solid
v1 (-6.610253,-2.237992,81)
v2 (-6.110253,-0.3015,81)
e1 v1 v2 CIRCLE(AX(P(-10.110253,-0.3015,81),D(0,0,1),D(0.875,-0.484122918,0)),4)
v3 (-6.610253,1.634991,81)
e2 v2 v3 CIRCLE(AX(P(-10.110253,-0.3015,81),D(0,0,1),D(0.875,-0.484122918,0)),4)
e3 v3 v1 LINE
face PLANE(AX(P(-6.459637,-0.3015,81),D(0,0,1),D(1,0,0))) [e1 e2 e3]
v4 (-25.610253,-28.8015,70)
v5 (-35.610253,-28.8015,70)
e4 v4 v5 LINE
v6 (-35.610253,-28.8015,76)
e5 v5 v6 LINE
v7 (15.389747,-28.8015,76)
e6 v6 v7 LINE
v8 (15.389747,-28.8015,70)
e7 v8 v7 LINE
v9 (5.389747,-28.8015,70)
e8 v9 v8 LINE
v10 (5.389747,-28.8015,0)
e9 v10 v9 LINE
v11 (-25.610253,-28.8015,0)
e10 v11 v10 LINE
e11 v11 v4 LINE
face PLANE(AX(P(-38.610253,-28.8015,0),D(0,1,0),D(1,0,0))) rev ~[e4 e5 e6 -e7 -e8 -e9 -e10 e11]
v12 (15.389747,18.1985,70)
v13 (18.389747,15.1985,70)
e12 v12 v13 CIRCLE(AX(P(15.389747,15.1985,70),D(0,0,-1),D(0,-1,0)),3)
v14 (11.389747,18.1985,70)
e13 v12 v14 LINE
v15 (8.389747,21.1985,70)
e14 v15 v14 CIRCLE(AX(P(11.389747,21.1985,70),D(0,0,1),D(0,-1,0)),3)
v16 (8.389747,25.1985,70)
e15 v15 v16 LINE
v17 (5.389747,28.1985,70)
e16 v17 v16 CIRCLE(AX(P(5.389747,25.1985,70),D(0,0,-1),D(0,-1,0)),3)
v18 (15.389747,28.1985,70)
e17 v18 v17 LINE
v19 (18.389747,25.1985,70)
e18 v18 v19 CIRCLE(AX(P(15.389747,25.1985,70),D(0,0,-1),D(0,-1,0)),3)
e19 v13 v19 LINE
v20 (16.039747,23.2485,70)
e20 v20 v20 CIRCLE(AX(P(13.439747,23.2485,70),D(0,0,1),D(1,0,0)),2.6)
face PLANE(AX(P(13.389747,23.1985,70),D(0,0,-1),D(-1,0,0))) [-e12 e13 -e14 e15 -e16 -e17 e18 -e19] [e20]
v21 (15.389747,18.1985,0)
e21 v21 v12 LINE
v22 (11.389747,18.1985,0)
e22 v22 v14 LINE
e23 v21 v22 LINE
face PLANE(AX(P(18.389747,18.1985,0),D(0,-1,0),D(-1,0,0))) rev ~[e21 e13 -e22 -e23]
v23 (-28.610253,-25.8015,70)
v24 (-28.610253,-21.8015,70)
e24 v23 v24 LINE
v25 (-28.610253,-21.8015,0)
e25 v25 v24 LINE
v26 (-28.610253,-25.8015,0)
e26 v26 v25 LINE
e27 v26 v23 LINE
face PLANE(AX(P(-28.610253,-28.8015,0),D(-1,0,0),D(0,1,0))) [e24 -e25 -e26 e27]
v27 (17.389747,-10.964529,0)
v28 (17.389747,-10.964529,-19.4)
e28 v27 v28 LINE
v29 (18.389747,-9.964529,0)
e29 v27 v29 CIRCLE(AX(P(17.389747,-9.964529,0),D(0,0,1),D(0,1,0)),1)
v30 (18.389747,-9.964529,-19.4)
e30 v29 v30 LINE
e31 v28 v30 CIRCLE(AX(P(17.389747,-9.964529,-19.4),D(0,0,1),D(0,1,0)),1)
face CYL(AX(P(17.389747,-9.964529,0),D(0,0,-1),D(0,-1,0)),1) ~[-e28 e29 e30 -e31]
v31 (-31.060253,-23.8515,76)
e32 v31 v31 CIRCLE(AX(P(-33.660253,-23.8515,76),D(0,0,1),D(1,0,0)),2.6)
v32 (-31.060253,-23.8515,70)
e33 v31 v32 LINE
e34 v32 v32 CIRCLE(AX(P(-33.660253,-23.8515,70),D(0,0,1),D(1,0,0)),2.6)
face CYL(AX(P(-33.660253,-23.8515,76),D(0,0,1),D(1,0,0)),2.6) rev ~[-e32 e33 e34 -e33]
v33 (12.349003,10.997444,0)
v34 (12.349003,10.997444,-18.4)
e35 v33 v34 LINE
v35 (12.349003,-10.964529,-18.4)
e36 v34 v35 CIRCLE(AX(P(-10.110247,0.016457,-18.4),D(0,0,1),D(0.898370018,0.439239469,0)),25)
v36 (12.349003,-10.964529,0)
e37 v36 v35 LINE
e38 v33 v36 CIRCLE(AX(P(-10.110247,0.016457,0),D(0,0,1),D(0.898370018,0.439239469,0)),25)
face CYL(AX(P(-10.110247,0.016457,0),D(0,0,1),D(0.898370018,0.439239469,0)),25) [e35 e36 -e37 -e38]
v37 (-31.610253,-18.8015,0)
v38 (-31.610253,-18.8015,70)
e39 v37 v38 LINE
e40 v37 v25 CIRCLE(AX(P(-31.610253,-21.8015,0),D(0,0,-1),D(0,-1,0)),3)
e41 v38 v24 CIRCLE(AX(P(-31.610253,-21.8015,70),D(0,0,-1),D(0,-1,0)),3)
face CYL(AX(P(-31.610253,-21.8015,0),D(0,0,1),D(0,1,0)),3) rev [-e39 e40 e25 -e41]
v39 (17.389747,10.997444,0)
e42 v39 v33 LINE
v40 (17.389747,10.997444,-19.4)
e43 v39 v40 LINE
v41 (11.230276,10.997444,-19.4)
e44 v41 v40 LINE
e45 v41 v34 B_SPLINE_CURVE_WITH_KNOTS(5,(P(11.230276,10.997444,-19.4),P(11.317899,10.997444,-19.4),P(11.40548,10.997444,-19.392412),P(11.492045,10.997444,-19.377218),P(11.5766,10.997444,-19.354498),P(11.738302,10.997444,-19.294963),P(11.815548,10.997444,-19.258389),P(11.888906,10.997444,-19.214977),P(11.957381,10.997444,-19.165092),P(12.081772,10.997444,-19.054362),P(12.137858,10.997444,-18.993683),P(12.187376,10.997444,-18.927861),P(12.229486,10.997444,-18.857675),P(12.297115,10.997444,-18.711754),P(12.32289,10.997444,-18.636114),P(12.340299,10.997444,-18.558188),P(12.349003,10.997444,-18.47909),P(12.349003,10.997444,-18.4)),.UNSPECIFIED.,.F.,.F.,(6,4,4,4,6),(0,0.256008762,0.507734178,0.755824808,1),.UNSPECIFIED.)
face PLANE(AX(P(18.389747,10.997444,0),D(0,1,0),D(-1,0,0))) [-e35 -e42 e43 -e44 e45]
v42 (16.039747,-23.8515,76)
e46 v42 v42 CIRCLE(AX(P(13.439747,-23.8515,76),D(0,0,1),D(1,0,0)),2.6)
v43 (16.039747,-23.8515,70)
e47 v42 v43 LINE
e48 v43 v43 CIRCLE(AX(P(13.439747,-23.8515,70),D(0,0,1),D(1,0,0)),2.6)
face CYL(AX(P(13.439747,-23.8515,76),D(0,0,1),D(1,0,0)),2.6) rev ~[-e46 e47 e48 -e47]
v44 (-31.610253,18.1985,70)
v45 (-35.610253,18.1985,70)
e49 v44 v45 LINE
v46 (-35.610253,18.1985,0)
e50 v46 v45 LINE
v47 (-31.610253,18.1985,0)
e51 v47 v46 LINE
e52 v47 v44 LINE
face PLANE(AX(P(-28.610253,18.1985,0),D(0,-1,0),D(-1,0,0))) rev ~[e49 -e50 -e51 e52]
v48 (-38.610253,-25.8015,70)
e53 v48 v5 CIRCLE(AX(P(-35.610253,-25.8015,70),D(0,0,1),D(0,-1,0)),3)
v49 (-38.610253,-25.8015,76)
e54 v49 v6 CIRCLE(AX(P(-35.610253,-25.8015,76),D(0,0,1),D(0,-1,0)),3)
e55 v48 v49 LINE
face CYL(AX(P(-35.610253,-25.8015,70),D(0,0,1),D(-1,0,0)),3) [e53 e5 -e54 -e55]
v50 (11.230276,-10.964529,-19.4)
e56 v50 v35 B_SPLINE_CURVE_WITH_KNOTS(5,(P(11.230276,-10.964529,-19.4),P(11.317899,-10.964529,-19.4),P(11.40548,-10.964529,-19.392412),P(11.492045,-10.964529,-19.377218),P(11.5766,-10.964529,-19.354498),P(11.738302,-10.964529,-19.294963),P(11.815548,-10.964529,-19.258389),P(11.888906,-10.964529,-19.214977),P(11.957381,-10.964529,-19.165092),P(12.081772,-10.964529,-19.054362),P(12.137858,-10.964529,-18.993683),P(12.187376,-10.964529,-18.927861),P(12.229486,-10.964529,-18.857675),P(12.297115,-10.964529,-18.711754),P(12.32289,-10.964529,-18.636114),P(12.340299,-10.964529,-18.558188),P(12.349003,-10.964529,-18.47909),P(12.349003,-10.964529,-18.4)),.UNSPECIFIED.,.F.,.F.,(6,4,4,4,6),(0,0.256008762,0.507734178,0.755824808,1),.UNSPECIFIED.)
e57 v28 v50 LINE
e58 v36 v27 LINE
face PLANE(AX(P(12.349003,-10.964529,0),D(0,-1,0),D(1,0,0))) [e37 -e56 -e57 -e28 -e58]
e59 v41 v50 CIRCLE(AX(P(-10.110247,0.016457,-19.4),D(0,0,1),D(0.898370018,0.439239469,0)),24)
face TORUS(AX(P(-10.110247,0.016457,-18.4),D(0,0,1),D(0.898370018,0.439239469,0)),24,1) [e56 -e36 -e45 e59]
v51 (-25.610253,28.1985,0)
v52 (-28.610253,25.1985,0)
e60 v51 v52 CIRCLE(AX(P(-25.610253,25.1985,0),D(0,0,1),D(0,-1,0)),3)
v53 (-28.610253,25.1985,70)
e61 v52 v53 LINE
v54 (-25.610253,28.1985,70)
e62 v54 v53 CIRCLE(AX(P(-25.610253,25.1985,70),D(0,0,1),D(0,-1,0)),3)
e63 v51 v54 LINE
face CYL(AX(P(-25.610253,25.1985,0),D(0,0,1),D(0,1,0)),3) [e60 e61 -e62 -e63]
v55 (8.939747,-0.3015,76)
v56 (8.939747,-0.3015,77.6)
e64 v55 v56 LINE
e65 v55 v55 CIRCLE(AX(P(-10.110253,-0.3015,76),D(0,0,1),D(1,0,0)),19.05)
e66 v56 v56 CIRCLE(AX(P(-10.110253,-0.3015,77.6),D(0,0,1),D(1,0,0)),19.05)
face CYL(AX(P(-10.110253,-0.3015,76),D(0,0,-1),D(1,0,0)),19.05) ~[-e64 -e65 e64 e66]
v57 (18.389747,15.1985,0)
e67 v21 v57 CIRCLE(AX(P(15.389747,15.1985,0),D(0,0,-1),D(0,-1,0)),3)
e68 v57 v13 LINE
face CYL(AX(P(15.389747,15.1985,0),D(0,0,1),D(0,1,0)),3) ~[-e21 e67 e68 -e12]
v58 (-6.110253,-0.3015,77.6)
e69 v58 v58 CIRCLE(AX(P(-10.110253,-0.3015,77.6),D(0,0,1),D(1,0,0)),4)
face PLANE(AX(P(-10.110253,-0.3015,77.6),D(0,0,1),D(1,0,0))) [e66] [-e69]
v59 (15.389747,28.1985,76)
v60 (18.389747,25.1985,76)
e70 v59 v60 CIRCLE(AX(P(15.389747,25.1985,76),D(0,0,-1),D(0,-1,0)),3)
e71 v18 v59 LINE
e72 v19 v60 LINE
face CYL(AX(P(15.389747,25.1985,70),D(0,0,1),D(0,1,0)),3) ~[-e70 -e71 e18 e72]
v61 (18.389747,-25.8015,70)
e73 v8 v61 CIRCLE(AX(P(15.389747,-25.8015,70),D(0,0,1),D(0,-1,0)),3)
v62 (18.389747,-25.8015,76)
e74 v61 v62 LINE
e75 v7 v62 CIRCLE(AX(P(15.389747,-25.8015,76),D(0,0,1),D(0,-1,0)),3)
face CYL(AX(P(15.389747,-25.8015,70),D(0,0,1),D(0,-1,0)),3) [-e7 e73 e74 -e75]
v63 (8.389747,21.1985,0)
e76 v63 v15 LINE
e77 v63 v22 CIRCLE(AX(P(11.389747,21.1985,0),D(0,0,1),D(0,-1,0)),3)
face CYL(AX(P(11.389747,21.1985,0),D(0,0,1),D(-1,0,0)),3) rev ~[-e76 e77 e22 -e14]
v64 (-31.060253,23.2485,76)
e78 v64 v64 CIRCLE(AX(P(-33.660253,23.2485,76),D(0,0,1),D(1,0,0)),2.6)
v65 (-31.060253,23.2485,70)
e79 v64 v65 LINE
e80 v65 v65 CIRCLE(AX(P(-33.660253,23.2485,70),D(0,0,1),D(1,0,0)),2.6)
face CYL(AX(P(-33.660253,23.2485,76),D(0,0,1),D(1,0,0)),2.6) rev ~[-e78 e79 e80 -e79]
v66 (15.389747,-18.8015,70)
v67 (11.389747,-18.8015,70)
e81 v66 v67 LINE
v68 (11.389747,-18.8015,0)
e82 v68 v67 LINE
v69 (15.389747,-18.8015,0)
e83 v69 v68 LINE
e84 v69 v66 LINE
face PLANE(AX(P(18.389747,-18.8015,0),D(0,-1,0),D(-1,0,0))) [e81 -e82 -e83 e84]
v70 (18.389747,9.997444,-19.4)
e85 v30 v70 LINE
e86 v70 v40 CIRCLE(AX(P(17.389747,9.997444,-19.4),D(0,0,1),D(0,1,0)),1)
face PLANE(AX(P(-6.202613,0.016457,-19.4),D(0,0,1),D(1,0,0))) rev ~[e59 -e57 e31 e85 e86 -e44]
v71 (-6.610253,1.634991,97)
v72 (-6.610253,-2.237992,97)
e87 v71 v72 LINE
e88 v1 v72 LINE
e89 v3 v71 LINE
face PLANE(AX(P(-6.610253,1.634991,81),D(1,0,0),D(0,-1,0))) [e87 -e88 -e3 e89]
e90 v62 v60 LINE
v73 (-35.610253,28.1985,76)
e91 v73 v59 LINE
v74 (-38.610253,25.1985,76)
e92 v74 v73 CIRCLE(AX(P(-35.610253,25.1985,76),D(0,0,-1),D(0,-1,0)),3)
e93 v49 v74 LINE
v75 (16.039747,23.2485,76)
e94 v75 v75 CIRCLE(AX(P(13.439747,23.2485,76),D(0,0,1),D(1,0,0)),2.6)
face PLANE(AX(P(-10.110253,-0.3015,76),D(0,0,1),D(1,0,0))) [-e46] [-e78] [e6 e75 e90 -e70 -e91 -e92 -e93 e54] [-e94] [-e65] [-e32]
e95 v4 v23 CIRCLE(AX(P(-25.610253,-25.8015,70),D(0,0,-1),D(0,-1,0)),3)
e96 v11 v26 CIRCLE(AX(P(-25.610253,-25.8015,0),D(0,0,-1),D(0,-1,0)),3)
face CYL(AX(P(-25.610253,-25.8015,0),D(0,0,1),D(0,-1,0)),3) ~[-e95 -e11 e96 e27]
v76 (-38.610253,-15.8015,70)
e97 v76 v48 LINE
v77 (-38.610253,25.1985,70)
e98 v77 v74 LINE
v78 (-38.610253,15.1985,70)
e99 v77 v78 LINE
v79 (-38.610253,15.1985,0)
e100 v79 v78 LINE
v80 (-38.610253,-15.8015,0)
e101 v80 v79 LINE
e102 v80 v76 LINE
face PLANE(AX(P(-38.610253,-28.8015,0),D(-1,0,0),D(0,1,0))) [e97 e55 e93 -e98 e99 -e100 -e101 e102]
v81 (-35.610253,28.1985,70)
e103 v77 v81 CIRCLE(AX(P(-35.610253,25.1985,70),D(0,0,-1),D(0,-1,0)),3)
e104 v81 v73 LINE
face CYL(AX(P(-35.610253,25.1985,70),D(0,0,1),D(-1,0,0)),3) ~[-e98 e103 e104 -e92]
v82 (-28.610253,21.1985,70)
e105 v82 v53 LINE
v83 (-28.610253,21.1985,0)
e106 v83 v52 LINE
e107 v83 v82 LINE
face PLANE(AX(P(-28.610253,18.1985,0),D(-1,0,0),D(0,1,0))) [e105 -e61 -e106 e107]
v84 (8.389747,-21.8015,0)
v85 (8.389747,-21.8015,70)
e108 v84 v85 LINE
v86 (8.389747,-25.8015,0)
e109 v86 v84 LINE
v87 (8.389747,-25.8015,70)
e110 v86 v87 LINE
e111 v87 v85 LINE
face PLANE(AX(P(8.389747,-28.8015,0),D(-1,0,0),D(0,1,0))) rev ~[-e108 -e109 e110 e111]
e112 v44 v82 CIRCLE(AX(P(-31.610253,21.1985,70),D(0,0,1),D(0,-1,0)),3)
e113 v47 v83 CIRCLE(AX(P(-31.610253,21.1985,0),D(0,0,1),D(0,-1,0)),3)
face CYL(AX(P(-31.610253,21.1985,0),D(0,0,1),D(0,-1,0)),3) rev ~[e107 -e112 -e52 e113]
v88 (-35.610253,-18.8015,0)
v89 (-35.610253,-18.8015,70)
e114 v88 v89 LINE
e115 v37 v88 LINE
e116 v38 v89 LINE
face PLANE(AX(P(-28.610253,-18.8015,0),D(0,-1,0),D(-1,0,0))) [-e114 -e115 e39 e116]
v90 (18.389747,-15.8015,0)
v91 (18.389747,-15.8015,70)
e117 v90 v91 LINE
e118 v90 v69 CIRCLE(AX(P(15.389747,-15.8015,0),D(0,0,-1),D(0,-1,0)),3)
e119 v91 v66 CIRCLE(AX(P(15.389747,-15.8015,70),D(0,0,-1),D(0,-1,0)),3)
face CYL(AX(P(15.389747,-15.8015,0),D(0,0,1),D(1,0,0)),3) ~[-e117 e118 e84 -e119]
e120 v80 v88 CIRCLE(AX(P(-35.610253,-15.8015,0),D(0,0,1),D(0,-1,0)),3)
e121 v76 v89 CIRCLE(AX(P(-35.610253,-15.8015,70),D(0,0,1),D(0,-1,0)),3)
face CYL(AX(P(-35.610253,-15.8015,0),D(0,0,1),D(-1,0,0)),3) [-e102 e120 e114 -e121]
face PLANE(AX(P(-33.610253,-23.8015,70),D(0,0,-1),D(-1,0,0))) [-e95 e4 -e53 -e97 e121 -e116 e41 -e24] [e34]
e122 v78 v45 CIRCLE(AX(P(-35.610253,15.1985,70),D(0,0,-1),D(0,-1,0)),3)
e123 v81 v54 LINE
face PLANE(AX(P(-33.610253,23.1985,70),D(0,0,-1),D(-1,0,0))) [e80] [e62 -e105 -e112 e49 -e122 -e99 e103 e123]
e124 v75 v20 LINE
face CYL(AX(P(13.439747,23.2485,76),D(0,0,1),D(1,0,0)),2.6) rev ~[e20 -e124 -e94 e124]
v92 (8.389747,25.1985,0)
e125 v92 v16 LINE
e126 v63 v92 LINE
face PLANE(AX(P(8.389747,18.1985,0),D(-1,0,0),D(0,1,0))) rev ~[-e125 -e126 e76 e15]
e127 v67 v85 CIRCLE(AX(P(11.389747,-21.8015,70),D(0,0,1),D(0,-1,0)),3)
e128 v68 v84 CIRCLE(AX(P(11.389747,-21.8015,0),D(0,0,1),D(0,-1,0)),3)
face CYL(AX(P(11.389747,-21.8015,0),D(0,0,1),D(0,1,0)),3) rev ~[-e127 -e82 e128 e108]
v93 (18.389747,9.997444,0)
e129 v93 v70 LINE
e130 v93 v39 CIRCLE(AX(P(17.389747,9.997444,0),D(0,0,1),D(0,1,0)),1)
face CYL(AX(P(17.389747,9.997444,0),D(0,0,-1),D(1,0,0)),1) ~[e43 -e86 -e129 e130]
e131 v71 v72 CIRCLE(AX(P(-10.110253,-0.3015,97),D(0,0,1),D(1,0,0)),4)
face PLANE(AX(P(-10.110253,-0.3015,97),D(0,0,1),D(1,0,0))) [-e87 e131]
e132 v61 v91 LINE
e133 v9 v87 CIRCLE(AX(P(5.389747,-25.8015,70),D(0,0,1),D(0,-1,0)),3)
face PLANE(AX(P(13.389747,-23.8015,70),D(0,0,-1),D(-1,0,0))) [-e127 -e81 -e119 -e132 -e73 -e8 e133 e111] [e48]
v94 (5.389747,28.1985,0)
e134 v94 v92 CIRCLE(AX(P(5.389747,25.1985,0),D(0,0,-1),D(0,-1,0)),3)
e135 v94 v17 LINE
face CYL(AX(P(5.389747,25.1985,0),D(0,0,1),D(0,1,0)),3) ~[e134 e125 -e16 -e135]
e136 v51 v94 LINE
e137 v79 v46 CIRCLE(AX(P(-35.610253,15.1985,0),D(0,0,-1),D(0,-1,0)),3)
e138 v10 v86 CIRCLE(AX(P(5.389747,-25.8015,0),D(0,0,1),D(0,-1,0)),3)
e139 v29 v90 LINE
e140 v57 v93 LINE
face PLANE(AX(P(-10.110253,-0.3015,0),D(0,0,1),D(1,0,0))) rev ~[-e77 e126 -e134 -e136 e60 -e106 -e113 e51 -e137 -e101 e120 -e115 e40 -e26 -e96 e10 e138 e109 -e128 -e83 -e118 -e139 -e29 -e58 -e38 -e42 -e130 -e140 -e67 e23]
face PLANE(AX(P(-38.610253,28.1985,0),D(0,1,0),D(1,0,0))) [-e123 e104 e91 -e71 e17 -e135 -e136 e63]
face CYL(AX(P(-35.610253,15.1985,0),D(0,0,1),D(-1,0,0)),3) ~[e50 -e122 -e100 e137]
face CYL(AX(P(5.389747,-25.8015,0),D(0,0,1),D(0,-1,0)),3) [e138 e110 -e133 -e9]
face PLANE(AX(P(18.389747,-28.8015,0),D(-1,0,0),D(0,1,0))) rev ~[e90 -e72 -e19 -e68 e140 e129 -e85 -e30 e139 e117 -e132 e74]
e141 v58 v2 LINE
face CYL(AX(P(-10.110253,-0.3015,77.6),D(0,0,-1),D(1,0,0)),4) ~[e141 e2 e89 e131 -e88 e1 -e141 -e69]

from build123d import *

# Parameters (mm, degrees)
SKETCH_1_W          = 57
SKETCH_1_H          = 57
EXTRUDE_1_DEPTH     = 76
SKETCH_2_W          = 10
SKETCH_2_H          = 10
CUT_EXTRUDE_1_DEPTH = 70
SKETCH_3_R          = 2.6
CUT_EXTRUDE_2_DEPTH = 90.979320355
FILLET_2_R          = 3
SKETCH_4_R          = 19.05
EXTRUDE_2_DEPTH     = 1.6
SKETCH_5_R          = 4
EXTRUDE_3_DEPTH     = 19.4
CUT_EXTRUDE_START   = -16
CUT_EXTRUDE_3_DEPTH = 16
EXTRUDE_4_DEPTH     = 19.4
FILLET_3_R          = 1
FILLET_4_R          = 1
FILLET_5_R          = 1


with BuildPart() as part:
    # 草图1 → 凸台-拉伸1 (new body)
    with BuildSketch(Plane.XY):
        with Locations((-10.110253485, -0.301500263)):
            Rectangle(SKETCH_1_W, SKETCH_1_H)
    extrude(amount=EXTRUDE_1_DEPTH)

    # 草图2 → 切除-拉伸1 (cut)
    with BuildSketch(Plane(origin=(0, 0, 0), x_dir=(-1, 0, 0), z_dir=(0, 0, -1))):
        with Locations((-13.389746515, 23.198499737)):
            Rectangle(SKETCH_2_W, SKETCH_2_H)
        with Locations((33.610253485, 23.198499737)):
            Rectangle(SKETCH_2_W, SKETCH_2_H)
        with Locations((33.610253485, -23.801500263)):
            Rectangle(SKETCH_2_W, SKETCH_2_H)
        with Locations((-13.389746515, -23.801500263)):
            Rectangle(SKETCH_2_W, SKETCH_2_H)
    extrude(amount=-CUT_EXTRUDE_1_DEPTH, mode=Mode.SUBTRACT)

    # 草图3 → 切除-拉伸2 (cut, through all)
    with BuildSketch(Plane.XY.offset(76)):
        with Locations((13.439746515, 23.248499737)):
            Circle(SKETCH_3_R)
        with Locations((-33.660253485, 23.248499737)):
            Circle(SKETCH_3_R)
        with Locations((-33.660253485, -23.851500263)):
            Circle(SKETCH_3_R)
        with Locations((13.439746515, -23.851500263)):
            Circle(SKETCH_3_R)
    extrude(amount=-CUT_EXTRUDE_2_DEPTH, mode=Mode.SUBTRACT)

    # 圆角2
    fillet_2_edges = [part.edges().sort_by_distance(p)[0] for p in [
        (18.389746515, 18.198499737, 35),
        (8.389746515, 28.198499737, 35),
        (8.389746515, 18.198499737, 35),
        (-38.610253485, 18.198499737, 35),
        (-28.610253485, 18.198499737, 35),
        (-28.610253485, 28.198499737, 35),
        (-38.610253485, -18.801500263, 35),
        (-28.610253485, -28.801500263, 35),
        (-28.610253485, -18.801500263, 35),
        (18.389746515, -18.801500263, 35),
        (8.389746515, -18.801500263, 35),
        (8.389746515, -28.801500263, 35),
        (-38.610253485, 28.198499737, 73),
        (18.389746515, 28.198499737, 73),
        (18.389746515, -28.801500263, 73),
        (-38.610253485, -28.801500263, 73),
    ]]
    fillet(fillet_2_edges, radius=FILLET_2_R)

    # 草图4 → 凸台-拉伸2 (add)
    with BuildSketch(Plane.XY.offset(76)):
        with Locations((-10.110253485, -0.301500263)):
            Circle(SKETCH_4_R)
    extrude(amount=EXTRUDE_2_DEPTH)

    # 草图5 → 凸台-拉伸3 (add)
    with BuildSketch(Plane.XY.offset(77.6)):
        with Locations((-10.110253485, -0.301500263)):
            Circle(SKETCH_5_R)
    extrude(amount=EXTRUDE_3_DEPTH)

    # 草图6 → 切除-拉伸3 (cut)
    with BuildSketch(Plane.XY.offset(97).offset(CUT_EXTRUDE_START)):
        with BuildLine():
            Line((-6.610253485, 1.63499141), (-6.610253485, -2.237991937))
            ThreePointArc((-6.610253485, -2.237991937), (-6.110253485, -0.301500263), (-6.610253485, 1.63499141))
        make_face()
    extrude(amount=CUT_EXTRUDE_3_DEPTH, mode=Mode.SUBTRACT)

    # 草图7 → 凸台-拉伸4 (add)
    with BuildSketch(Plane(origin=(0, 0, 0), x_dir=(-1, 0, 0), z_dir=(0, 0, -1))):
        with BuildLine():
            Line((-12.349002987, -10.964529416), (-18.389746515, -10.964529416))
            Line((-18.389746515, -10.964529416), (-18.389746515, 10.997444042))
            Line((-18.389746515, 10.997444042), (-12.349002987, 10.997444042))
            ThreePointArc((-12.349002987, 10.997444042), (35.110247456, 0.016457313), (-12.349002987, -10.964529416))
        make_face()
    extrude(amount=EXTRUDE_4_DEPTH)

    # 圆角3
    fillet_3_edges = [part.edges().sort_by_distance(p)[0] for p in [
        (18.389746515, 10.997444042, -9.7),
    ]]
    fillet(fillet_3_edges, radius=FILLET_3_R)

    # 圆角4
    fillet_4_edges = [part.edges().sort_by_distance(p)[0] for p in [
        (18.389746515, -10.964529416, -9.7),
    ]]
    fillet(fillet_4_edges, radius=FILLET_4_R)

    # 圆角5
    fillet_5_edges = [part.edges().sort_by_distance(p)[0] for p in [
        (-35.110247456, 0.016457313, -19.4),
    ]]
    fillet(fillet_5_edges, radius=FILLET_5_R)


solid = part.part
